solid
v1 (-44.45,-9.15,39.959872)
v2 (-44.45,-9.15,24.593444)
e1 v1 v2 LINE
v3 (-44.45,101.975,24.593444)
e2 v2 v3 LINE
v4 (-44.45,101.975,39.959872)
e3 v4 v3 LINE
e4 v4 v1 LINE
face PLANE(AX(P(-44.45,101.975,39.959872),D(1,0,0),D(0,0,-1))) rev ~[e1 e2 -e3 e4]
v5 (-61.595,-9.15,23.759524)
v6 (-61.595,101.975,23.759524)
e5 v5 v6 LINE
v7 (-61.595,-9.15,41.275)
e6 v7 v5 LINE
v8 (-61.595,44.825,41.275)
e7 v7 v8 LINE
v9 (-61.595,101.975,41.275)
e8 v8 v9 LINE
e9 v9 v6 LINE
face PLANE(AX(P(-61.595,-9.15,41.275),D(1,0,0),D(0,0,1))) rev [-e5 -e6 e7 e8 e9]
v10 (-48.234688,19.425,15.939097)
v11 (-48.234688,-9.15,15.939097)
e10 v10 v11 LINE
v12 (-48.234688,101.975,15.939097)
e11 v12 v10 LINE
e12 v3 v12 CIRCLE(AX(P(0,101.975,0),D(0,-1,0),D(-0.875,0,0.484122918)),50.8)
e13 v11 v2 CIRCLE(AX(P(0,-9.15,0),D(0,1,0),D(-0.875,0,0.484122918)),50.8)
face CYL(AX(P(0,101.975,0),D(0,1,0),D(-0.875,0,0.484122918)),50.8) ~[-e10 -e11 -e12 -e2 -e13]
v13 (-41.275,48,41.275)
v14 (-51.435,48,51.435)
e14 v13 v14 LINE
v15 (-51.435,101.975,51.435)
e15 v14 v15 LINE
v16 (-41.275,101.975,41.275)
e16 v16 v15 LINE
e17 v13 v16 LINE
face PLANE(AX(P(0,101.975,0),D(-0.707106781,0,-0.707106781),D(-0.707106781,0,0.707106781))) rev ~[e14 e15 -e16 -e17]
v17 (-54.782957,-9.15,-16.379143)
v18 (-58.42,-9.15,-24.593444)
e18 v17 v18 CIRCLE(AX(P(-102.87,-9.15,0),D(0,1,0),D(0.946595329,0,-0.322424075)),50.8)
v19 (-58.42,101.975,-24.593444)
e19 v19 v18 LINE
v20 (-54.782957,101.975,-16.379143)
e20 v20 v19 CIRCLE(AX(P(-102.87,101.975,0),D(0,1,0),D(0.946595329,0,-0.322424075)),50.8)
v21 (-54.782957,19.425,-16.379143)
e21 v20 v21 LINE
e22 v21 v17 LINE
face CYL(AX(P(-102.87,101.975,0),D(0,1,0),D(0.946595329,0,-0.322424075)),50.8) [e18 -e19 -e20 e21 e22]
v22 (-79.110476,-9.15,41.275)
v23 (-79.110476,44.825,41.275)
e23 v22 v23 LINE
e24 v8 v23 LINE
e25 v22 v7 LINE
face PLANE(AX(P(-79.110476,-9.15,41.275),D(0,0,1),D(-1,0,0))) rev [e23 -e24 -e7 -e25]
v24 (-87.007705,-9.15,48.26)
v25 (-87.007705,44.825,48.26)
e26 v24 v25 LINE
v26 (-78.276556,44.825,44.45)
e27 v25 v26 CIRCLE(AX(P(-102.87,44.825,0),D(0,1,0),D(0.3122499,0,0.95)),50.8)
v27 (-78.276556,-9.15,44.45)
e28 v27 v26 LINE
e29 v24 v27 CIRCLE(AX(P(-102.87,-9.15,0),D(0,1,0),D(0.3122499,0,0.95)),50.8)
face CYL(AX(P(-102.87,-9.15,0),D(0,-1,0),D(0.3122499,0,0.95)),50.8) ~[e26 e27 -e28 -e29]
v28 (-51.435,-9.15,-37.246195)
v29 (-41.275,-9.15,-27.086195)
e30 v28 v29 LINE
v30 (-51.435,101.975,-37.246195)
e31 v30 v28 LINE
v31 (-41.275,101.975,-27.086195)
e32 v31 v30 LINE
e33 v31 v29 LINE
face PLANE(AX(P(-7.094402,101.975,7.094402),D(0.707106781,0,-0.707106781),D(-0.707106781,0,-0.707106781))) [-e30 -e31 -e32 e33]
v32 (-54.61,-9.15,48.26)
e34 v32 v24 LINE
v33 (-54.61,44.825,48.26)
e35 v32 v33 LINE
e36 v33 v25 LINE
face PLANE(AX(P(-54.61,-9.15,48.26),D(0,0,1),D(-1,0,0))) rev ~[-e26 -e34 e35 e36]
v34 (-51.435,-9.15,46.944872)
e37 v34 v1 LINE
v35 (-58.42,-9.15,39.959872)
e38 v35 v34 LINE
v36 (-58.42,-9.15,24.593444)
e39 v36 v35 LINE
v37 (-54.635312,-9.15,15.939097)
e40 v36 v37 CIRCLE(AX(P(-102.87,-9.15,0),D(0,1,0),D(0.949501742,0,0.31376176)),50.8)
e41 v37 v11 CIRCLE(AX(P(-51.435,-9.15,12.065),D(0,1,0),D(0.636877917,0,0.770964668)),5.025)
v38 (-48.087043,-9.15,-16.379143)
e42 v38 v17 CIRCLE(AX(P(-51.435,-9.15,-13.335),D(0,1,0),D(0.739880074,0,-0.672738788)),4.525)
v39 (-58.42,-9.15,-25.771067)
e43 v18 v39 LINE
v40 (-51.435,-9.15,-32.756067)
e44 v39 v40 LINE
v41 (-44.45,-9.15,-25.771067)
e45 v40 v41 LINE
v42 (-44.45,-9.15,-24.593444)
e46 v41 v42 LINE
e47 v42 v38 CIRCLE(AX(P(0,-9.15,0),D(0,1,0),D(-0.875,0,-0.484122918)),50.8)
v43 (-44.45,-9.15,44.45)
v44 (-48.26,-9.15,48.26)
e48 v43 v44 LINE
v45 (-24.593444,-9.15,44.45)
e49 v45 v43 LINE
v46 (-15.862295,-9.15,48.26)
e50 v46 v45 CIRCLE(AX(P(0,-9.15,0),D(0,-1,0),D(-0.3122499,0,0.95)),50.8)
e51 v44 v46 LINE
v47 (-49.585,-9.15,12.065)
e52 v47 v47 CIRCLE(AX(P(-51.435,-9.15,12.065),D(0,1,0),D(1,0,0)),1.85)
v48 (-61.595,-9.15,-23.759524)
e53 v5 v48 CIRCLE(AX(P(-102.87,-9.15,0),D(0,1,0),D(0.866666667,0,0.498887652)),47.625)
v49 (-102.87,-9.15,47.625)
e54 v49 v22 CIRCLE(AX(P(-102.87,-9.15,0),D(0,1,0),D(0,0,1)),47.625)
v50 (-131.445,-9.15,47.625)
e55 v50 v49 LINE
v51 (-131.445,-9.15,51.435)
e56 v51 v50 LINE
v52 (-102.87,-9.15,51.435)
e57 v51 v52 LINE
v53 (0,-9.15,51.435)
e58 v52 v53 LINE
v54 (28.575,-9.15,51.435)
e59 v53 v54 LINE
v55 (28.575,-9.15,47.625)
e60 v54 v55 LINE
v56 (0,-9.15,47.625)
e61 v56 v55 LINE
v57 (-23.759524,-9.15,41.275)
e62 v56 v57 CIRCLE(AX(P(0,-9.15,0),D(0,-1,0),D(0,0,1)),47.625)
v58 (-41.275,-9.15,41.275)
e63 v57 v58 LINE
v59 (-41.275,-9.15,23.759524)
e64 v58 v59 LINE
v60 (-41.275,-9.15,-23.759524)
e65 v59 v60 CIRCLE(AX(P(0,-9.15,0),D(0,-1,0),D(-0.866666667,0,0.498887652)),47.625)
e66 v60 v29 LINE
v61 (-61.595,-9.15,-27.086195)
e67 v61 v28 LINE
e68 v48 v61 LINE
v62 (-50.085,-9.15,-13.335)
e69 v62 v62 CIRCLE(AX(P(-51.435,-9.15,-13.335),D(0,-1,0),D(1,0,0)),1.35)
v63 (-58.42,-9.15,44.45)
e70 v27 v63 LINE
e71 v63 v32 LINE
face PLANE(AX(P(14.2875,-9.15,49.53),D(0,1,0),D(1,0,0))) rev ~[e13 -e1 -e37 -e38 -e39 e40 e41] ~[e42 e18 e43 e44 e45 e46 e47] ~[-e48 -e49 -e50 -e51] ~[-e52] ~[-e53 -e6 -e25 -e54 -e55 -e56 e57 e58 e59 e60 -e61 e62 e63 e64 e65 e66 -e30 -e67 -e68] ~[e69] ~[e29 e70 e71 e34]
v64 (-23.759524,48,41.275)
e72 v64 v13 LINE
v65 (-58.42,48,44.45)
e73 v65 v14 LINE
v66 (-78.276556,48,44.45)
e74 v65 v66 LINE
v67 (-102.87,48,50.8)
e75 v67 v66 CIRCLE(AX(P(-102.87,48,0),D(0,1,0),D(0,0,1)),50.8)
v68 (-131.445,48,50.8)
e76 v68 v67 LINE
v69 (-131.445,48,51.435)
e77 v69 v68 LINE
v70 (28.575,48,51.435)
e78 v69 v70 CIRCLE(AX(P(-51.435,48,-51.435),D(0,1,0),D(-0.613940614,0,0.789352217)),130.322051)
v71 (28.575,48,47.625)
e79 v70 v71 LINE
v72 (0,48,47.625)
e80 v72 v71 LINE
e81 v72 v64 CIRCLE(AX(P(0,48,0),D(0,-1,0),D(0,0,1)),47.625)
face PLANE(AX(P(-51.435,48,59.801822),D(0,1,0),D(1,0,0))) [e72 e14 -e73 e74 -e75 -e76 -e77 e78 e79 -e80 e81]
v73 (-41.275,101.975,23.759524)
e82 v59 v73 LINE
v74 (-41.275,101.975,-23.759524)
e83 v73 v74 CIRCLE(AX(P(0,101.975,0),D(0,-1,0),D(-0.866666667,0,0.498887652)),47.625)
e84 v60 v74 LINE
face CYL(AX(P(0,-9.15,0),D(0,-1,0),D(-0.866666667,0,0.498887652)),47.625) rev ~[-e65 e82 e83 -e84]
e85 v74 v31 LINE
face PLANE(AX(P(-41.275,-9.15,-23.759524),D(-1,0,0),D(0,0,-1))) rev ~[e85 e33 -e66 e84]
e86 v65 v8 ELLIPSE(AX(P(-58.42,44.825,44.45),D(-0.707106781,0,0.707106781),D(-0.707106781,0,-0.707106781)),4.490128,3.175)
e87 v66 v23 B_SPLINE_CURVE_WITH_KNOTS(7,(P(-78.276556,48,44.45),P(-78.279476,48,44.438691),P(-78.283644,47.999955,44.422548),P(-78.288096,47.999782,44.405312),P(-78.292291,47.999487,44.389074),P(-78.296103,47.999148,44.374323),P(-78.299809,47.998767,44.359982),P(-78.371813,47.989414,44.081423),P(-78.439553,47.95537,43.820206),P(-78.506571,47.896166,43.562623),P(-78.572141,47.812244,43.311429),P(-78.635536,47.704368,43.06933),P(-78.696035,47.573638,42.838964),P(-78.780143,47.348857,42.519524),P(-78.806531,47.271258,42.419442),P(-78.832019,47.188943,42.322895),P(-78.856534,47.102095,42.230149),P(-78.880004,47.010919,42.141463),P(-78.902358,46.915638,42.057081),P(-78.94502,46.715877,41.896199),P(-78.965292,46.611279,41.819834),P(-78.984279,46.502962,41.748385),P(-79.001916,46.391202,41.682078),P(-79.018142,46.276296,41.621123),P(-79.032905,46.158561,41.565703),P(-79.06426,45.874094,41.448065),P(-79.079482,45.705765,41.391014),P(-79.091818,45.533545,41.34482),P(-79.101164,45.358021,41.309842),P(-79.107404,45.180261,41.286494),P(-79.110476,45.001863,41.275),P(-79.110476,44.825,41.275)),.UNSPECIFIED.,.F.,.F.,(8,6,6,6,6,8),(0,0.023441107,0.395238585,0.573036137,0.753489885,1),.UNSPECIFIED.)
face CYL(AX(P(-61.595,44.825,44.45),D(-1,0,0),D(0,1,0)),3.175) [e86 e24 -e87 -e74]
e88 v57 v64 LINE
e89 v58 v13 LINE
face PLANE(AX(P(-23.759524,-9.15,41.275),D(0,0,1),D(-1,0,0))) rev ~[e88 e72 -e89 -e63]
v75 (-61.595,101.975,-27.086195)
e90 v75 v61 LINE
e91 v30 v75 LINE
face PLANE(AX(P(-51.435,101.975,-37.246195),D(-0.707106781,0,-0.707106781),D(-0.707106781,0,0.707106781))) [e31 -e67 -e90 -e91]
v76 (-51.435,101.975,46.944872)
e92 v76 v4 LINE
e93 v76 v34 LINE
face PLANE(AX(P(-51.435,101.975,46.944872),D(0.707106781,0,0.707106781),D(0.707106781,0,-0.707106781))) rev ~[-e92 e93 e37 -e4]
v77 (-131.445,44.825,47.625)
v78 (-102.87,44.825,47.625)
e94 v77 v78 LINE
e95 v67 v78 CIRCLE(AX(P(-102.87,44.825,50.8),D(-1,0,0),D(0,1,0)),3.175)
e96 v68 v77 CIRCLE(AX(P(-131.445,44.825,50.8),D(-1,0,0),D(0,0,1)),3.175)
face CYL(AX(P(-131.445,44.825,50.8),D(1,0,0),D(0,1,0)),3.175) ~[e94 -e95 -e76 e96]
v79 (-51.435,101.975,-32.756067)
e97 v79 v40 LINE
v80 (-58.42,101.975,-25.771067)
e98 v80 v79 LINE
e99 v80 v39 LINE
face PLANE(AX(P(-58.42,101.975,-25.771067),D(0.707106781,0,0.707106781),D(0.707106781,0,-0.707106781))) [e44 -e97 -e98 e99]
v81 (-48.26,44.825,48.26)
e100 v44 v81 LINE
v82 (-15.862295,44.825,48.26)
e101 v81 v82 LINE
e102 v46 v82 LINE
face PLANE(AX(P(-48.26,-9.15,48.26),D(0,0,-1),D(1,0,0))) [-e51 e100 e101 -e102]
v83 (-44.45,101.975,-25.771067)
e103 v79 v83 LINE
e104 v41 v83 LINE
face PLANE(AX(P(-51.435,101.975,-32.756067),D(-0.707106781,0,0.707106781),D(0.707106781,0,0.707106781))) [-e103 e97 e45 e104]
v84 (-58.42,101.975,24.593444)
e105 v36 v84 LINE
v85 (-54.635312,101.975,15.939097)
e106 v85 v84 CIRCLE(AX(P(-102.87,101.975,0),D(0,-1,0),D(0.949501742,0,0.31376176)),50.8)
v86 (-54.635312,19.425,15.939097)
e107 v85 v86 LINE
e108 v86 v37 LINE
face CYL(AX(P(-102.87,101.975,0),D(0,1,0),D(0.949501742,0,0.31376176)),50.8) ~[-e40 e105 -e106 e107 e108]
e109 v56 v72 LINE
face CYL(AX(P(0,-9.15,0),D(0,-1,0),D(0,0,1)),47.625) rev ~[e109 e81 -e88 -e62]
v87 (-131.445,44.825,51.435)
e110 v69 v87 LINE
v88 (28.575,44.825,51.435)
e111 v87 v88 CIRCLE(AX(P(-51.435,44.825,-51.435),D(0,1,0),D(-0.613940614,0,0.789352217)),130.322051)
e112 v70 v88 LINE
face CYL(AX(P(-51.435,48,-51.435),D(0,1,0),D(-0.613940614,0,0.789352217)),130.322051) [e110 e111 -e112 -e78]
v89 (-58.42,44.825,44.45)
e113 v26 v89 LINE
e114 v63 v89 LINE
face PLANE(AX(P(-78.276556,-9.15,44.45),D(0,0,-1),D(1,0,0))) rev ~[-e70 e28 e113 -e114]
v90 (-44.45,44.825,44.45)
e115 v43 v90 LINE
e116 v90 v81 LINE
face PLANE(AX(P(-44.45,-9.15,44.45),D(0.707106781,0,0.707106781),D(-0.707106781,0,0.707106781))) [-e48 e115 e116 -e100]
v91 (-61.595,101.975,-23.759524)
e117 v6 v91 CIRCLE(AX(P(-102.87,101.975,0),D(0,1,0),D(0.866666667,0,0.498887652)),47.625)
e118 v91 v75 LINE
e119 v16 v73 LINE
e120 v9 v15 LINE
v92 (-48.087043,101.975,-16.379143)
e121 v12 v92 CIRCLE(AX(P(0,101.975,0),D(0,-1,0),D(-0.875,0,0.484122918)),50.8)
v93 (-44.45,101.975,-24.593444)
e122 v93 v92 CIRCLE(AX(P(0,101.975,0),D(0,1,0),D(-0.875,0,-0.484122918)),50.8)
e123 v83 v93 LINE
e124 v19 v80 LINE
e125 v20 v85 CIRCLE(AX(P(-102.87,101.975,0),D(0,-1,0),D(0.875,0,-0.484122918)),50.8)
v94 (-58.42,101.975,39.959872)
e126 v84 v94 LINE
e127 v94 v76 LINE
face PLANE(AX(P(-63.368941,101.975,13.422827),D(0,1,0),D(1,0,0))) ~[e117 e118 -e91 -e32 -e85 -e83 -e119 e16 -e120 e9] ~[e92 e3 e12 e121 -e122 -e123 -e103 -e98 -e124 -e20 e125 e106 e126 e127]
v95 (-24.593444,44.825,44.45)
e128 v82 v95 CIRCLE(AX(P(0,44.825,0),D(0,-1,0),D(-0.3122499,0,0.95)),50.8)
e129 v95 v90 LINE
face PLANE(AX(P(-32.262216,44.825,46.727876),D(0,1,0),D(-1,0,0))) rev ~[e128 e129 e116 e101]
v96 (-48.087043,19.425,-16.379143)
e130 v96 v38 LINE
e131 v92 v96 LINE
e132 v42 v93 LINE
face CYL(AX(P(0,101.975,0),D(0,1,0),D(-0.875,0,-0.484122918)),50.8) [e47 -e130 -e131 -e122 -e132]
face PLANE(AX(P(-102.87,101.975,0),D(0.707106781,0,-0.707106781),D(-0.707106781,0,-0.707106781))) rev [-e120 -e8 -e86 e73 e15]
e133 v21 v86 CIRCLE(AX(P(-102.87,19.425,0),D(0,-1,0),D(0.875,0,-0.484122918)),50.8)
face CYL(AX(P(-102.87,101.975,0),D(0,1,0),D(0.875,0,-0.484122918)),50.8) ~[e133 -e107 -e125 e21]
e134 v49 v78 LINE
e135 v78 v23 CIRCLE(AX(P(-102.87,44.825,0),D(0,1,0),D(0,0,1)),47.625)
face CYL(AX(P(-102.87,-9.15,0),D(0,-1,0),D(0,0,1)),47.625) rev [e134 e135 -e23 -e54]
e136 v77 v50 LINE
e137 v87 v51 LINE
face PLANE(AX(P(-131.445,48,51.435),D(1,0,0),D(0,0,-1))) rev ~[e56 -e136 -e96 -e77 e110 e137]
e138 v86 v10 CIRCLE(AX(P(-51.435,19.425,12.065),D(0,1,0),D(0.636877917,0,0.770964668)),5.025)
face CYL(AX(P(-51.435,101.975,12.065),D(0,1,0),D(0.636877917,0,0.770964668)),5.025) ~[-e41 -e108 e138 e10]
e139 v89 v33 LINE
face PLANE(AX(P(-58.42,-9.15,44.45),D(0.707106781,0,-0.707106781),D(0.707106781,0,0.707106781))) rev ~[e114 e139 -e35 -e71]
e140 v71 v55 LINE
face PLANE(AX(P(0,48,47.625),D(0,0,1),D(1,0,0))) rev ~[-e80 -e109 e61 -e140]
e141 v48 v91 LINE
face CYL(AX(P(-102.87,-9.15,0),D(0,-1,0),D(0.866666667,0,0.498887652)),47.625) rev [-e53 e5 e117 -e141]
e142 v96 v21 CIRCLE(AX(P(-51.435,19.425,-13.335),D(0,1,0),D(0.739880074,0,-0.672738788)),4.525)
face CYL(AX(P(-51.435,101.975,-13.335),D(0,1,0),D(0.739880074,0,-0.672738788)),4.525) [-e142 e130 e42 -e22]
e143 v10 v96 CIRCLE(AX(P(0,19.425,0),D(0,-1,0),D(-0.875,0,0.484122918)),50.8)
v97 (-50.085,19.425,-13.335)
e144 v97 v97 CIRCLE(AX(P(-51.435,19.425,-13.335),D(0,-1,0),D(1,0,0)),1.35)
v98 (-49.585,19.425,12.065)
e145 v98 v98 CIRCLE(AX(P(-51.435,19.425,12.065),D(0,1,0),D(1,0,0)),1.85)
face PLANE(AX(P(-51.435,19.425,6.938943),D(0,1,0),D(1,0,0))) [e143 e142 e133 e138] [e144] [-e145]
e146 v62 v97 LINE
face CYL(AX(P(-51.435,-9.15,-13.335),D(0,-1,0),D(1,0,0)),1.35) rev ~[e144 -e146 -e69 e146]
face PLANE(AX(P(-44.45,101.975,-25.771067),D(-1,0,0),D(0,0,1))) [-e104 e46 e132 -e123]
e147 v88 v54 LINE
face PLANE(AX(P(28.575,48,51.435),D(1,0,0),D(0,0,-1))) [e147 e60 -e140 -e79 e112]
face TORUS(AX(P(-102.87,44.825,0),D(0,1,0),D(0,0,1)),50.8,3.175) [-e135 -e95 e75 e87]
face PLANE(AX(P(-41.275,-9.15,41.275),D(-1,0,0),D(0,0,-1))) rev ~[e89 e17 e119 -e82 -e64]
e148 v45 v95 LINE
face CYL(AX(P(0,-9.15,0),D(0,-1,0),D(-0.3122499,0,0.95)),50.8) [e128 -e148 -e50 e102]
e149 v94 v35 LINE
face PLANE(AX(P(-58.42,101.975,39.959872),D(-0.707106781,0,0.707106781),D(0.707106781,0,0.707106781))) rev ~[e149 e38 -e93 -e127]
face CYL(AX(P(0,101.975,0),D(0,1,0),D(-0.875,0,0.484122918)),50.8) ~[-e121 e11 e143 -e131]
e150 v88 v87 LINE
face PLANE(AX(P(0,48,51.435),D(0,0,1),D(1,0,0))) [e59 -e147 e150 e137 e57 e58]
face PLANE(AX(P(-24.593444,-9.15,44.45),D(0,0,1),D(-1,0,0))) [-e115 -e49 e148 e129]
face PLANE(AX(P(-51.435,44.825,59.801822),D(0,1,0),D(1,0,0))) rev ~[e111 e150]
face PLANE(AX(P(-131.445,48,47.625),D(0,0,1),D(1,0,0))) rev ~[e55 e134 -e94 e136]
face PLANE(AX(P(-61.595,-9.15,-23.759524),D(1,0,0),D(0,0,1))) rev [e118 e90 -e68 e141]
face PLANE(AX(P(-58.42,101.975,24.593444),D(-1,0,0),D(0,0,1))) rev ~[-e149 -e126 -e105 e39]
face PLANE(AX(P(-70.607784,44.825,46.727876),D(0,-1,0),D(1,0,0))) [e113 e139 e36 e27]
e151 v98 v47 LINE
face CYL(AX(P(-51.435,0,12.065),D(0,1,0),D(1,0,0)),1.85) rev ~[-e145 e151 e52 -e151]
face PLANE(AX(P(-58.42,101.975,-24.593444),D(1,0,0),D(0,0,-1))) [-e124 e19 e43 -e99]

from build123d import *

# Parameters (mm, degrees)
BOSS_EXTRUDE2_START     = -9.15
BOSS_EXTRUDE2_DEPTH     = 111.125
CUT_EXTRUDE2_DEPTH      = 53.975
SKETCH16_R              = 1.349999967
CUT_EXTRUDE3_DEPTH      = 112.125
CUT_EXTRUDE4_DEPTH      = 112.125000012
SKETCH22_R              = 1.849999983
CUT_EXTRUDE7_DEPTH      = 102.975000012
CUT_EXTRUDE7_DEPTH_BACK = 10.15
SKETCH23_W              = 28.575
SKETCH23_H              = 3.81
BOSS_EXTRUDE3_DEPTH     = 57.15
BOSS_EXTRUDE4_DEPTH     = 3.175
FILLET1_R               = 3.175
CUT_EXTRUDE8_DEPTH      = 112.125000012
CUT_EXTRUDE9_DEPTH      = 53.975
CUT_EXTRUDE12_DEPTH     = 82.55


with BuildPart() as part:
    # Sketch13 → Boss-Extrude2 (new body)
    with BuildSketch(Plane(origin=(0, 0, 0), x_dir=(1, 0, 0), z_dir=(0, 1, 0)).offset(BOSS_EXTRUDE2_START)):
        with BuildLine():
            Line((-51.435, -51.435), (0, -51.435))
            Line((0, -51.435), (0, -47.625))
            ThreePointArc((0, -47.625), (-12.296722124, -46.010121169), (-23.759524406, -41.275))
            Line((-23.759524406, -41.275), (-41.275, -41.275))
            Line((-41.275, -41.275), (-41.275, -23.759524406))
            ThreePointArc((-41.275, -23.759524406), (-47.625, 0), (-41.275, 23.759524406))
            Line((-41.275, 23.759524406), (-41.275, 41.275))
            Line((-41.275, 41.275), (-51.435, 51.435))
            Line((-51.435, 51.435), (-51.435, -51.435))
        make_face()
    boss_extrude2 = extrude(amount=BOSS_EXTRUDE2_DEPTH)

    # Sketch15 → Cut-Extrude2 (cut)
    with BuildSketch(Plane(origin=(0, 101.975000012, 0), x_dir=(1, 0, 0), z_dir=(0, 1, 0))):
        Polygon((0, 0), (-51.435, -51.435), (0, -51.435), align=None)
    cut_extrude2 = extrude(amount=-CUT_EXTRUDE2_DEPTH, mode=Mode.SUBTRACT)

    # Mirror1: Boss-Extrude2, Cut-Extrude2 across plane
    add(boss_extrude2.mirror(Plane(origin=(-51.435, 101.975000012, 51.435), x_dir=(0, 0, 1), z_dir=(1, 0, 0))))
    add(cut_extrude2.mirror(Plane(origin=(-51.435, 101.975000012, 51.435), x_dir=(0, 0, 1), z_dir=(1, 0, 0))), mode=Mode.SUBTRACT)

    # Sketch16 → Cut-Extrude3 (cut, through all)
    with BuildSketch(Plane.XZ.offset(9.149999988)):
        with Locations((-51.435, -13.335)):
            Circle(SKETCH16_R)
    extrude(amount=-CUT_EXTRUDE3_DEPTH, mode=Mode.SUBTRACT)

    # Sketch17 → Cut-Extrude4 (cut, through all)
    with BuildSketch(Plane(origin=(0, 101.975000012, 0), x_dir=(1, 0, 0), z_dir=(0, 1, 0))):
        Polygon((7.094402336, 7.094402336), (-7.094402336, -7.094402336), (-51.435, 37.246195329), (-95.775597664, -7.094402336), (-109.964402336, 7.094402336), (-58.529402336, 58.529402336), (-51.435, 51.435), (-44.340597664, 58.529402336), align=None)
    extrude(amount=-CUT_EXTRUDE4_DEPTH, mode=Mode.SUBTRACT)

    # Sketch22 → Cut-Extrude7 (cut, two sides)
    with BuildSketch(Plane(origin=(0, 0, 0), x_dir=(1, 0, 0), z_dir=(0, 1, 0))) as cut_extrude7_sk:
        with Locations((-51.435, -12.065)):
            Circle(SKETCH22_R)
    extrude(amount=CUT_EXTRUDE7_DEPTH, mode=Mode.SUBTRACT)
    extrude(cut_extrude7_sk.sketch, amount=-CUT_EXTRUDE7_DEPTH_BACK, mode=Mode.SUBTRACT)

    # Sketch23 → Boss-Extrude3 (add)
    with BuildSketch(Plane(origin=(0, 48.000000012, 0), x_dir=(1, 0, 0), z_dir=(0, 1, 0))):
        with Locations((14.2875, -49.53)):
            Rectangle(SKETCH23_W, SKETCH23_H)
        with Locations((-117.1575, -49.53)):
            Rectangle(SKETCH23_W, SKETCH23_H)
    extrude(amount=-BOSS_EXTRUDE3_DEPTH)

    # Sketch24 → Boss-Extrude4 (add)
    with BuildSketch(Plane(origin=(0, 48.000000012, 0), x_dir=(1, 0, 0), z_dir=(0, 1, 0))):
        with BuildLine():
            Line((28.575, -51.435), (-131.445, -51.435))
            ThreePointArc((-131.445, -51.435), (-51.435, -78.887051089), (28.575, -51.435))
        make_face()
    extrude(amount=-BOSS_EXTRUDE4_DEPTH)

    # Fillet1
    fillet1_edges = [part.edges().sort_by_distance(p)[0] for p in [
        (-117.1575, 48.000000012, 47.625),
        (-70.352737797, 48.000000012, 41.275),
        (-90.573277876, 48.000000012, 46.010121169),
    ]]
    fillet(fillet1_edges, radius=FILLET1_R)

    # Sketch25 → Cut-Extrude8 (cut, through all)
    with BuildSketch(Plane(origin=(0, 101.975000012, 0), x_dir=(1, 0, 0), z_dir=(0, 1, 0))):
        with BuildLine():
            Line((-58.42, -24.593444248), (-58.42, -39.959871939))
            Line((-58.42, -39.959871939), (-51.435, -46.944871939))
            Line((-51.435, -46.944871939), (-44.45, -39.959871939))
            Line((-44.45, -39.959871939), (-44.45, -24.593444248))
            ThreePointArc((-44.45, -24.593444248), (-46.543928705, -20.354427055), (-48.234688479, -15.939097443))
            ThreePointArc((-48.234688479, -15.939097443), (-51.435, -17.089999983), (-54.635311521, -15.939097443))
            ThreePointArc((-54.635311521, -15.939097443), (-56.326071295, -20.354427055), (-58.42, -24.593444248))
        make_face()
        with BuildLine():
            Line((-44.45, 25.771067268), (-44.45, 24.593444248))
            ThreePointArc((-44.45, 24.593444248), (-46.450454829, 20.566848232), (-48.087042692, 16.379142993))
            ThreePointArc((-48.087042692, 16.379142993), (-51.435, 17.859999967), (-54.782957308, 16.379142993))
            ThreePointArc((-54.782957308, 16.379142993), (-56.419545171, 20.566848232), (-58.42, 24.593444248))
            Line((-58.42, 24.593444248), (-58.42, 25.771067268))
            Line((-58.42, 25.771067268), (-51.435, 32.756067268))
            Line((-51.435, 32.756067268), (-44.45, 25.771067268))
        make_face()
    extrude(amount=-CUT_EXTRUDE8_DEPTH, mode=Mode.SUBTRACT)

    # Sketch26 → Cut-Extrude9 (cut)
    with BuildSketch(Plane.XZ.offset(9.149999988)):
        with BuildLine():
            Line((-44.45, 44.45), (-48.26, 48.26))
            Line((-48.26, 48.26), (-15.862294916, 48.26))
            ThreePointArc((-15.862294916, 48.26), (-20.317375146, 46.560114553), (-24.593444248, 44.45))
            Line((-24.593444248, 44.45), (-44.45, 44.45))
        make_face()
        with BuildLine():
            Line((-58.42, 44.45), (-54.61, 48.26))
            Line((-54.61, 48.26), (-87.007705084, 48.26))
            ThreePointArc((-87.007705084, 48.26), (-82.552624854, 46.560114553), (-78.276555752, 44.45))
            Line((-78.276555752, 44.45), (-58.42, 44.45))
        make_face()
    extrude(amount=-CUT_EXTRUDE9_DEPTH, mode=Mode.SUBTRACT)

    # Sketch30 → Cut-Extrude12 (cut)
    with BuildSketch(Plane(origin=(0, 101.975000012, 0), x_dir=(1, 0, 0), z_dir=(0, 1, 0))):
        with BuildLine():
            Line((-44.45, 25.771067268), (-51.435, 32.756067268))
            Line((-51.435, 32.756067268), (-58.42, 25.771067268))
            Line((-58.42, 25.771067268), (-58.42, 24.593444248))
            ThreePointArc((-58.42, 24.593444248), (-52.07, 0), (-58.42, -24.593444248))
            Line((-58.42, -24.593444248), (-58.42, -39.959871939))
            Line((-58.42, -39.959871939), (-51.435, -46.944871939))
            Line((-51.435, -46.944871939), (-44.45, -39.959871939))
            Line((-44.45, -39.959871939), (-44.45, -24.593444248))
            ThreePointArc((-44.45, -24.593444248), (-50.8, 0), (-44.45, 24.593444248))
            Line((-44.45, 24.593444248), (-44.45, 25.771067268))
        make_face()
    extrude(amount=-CUT_EXTRUDE12_DEPTH, mode=Mode.SUBTRACT)


solid = part.part
